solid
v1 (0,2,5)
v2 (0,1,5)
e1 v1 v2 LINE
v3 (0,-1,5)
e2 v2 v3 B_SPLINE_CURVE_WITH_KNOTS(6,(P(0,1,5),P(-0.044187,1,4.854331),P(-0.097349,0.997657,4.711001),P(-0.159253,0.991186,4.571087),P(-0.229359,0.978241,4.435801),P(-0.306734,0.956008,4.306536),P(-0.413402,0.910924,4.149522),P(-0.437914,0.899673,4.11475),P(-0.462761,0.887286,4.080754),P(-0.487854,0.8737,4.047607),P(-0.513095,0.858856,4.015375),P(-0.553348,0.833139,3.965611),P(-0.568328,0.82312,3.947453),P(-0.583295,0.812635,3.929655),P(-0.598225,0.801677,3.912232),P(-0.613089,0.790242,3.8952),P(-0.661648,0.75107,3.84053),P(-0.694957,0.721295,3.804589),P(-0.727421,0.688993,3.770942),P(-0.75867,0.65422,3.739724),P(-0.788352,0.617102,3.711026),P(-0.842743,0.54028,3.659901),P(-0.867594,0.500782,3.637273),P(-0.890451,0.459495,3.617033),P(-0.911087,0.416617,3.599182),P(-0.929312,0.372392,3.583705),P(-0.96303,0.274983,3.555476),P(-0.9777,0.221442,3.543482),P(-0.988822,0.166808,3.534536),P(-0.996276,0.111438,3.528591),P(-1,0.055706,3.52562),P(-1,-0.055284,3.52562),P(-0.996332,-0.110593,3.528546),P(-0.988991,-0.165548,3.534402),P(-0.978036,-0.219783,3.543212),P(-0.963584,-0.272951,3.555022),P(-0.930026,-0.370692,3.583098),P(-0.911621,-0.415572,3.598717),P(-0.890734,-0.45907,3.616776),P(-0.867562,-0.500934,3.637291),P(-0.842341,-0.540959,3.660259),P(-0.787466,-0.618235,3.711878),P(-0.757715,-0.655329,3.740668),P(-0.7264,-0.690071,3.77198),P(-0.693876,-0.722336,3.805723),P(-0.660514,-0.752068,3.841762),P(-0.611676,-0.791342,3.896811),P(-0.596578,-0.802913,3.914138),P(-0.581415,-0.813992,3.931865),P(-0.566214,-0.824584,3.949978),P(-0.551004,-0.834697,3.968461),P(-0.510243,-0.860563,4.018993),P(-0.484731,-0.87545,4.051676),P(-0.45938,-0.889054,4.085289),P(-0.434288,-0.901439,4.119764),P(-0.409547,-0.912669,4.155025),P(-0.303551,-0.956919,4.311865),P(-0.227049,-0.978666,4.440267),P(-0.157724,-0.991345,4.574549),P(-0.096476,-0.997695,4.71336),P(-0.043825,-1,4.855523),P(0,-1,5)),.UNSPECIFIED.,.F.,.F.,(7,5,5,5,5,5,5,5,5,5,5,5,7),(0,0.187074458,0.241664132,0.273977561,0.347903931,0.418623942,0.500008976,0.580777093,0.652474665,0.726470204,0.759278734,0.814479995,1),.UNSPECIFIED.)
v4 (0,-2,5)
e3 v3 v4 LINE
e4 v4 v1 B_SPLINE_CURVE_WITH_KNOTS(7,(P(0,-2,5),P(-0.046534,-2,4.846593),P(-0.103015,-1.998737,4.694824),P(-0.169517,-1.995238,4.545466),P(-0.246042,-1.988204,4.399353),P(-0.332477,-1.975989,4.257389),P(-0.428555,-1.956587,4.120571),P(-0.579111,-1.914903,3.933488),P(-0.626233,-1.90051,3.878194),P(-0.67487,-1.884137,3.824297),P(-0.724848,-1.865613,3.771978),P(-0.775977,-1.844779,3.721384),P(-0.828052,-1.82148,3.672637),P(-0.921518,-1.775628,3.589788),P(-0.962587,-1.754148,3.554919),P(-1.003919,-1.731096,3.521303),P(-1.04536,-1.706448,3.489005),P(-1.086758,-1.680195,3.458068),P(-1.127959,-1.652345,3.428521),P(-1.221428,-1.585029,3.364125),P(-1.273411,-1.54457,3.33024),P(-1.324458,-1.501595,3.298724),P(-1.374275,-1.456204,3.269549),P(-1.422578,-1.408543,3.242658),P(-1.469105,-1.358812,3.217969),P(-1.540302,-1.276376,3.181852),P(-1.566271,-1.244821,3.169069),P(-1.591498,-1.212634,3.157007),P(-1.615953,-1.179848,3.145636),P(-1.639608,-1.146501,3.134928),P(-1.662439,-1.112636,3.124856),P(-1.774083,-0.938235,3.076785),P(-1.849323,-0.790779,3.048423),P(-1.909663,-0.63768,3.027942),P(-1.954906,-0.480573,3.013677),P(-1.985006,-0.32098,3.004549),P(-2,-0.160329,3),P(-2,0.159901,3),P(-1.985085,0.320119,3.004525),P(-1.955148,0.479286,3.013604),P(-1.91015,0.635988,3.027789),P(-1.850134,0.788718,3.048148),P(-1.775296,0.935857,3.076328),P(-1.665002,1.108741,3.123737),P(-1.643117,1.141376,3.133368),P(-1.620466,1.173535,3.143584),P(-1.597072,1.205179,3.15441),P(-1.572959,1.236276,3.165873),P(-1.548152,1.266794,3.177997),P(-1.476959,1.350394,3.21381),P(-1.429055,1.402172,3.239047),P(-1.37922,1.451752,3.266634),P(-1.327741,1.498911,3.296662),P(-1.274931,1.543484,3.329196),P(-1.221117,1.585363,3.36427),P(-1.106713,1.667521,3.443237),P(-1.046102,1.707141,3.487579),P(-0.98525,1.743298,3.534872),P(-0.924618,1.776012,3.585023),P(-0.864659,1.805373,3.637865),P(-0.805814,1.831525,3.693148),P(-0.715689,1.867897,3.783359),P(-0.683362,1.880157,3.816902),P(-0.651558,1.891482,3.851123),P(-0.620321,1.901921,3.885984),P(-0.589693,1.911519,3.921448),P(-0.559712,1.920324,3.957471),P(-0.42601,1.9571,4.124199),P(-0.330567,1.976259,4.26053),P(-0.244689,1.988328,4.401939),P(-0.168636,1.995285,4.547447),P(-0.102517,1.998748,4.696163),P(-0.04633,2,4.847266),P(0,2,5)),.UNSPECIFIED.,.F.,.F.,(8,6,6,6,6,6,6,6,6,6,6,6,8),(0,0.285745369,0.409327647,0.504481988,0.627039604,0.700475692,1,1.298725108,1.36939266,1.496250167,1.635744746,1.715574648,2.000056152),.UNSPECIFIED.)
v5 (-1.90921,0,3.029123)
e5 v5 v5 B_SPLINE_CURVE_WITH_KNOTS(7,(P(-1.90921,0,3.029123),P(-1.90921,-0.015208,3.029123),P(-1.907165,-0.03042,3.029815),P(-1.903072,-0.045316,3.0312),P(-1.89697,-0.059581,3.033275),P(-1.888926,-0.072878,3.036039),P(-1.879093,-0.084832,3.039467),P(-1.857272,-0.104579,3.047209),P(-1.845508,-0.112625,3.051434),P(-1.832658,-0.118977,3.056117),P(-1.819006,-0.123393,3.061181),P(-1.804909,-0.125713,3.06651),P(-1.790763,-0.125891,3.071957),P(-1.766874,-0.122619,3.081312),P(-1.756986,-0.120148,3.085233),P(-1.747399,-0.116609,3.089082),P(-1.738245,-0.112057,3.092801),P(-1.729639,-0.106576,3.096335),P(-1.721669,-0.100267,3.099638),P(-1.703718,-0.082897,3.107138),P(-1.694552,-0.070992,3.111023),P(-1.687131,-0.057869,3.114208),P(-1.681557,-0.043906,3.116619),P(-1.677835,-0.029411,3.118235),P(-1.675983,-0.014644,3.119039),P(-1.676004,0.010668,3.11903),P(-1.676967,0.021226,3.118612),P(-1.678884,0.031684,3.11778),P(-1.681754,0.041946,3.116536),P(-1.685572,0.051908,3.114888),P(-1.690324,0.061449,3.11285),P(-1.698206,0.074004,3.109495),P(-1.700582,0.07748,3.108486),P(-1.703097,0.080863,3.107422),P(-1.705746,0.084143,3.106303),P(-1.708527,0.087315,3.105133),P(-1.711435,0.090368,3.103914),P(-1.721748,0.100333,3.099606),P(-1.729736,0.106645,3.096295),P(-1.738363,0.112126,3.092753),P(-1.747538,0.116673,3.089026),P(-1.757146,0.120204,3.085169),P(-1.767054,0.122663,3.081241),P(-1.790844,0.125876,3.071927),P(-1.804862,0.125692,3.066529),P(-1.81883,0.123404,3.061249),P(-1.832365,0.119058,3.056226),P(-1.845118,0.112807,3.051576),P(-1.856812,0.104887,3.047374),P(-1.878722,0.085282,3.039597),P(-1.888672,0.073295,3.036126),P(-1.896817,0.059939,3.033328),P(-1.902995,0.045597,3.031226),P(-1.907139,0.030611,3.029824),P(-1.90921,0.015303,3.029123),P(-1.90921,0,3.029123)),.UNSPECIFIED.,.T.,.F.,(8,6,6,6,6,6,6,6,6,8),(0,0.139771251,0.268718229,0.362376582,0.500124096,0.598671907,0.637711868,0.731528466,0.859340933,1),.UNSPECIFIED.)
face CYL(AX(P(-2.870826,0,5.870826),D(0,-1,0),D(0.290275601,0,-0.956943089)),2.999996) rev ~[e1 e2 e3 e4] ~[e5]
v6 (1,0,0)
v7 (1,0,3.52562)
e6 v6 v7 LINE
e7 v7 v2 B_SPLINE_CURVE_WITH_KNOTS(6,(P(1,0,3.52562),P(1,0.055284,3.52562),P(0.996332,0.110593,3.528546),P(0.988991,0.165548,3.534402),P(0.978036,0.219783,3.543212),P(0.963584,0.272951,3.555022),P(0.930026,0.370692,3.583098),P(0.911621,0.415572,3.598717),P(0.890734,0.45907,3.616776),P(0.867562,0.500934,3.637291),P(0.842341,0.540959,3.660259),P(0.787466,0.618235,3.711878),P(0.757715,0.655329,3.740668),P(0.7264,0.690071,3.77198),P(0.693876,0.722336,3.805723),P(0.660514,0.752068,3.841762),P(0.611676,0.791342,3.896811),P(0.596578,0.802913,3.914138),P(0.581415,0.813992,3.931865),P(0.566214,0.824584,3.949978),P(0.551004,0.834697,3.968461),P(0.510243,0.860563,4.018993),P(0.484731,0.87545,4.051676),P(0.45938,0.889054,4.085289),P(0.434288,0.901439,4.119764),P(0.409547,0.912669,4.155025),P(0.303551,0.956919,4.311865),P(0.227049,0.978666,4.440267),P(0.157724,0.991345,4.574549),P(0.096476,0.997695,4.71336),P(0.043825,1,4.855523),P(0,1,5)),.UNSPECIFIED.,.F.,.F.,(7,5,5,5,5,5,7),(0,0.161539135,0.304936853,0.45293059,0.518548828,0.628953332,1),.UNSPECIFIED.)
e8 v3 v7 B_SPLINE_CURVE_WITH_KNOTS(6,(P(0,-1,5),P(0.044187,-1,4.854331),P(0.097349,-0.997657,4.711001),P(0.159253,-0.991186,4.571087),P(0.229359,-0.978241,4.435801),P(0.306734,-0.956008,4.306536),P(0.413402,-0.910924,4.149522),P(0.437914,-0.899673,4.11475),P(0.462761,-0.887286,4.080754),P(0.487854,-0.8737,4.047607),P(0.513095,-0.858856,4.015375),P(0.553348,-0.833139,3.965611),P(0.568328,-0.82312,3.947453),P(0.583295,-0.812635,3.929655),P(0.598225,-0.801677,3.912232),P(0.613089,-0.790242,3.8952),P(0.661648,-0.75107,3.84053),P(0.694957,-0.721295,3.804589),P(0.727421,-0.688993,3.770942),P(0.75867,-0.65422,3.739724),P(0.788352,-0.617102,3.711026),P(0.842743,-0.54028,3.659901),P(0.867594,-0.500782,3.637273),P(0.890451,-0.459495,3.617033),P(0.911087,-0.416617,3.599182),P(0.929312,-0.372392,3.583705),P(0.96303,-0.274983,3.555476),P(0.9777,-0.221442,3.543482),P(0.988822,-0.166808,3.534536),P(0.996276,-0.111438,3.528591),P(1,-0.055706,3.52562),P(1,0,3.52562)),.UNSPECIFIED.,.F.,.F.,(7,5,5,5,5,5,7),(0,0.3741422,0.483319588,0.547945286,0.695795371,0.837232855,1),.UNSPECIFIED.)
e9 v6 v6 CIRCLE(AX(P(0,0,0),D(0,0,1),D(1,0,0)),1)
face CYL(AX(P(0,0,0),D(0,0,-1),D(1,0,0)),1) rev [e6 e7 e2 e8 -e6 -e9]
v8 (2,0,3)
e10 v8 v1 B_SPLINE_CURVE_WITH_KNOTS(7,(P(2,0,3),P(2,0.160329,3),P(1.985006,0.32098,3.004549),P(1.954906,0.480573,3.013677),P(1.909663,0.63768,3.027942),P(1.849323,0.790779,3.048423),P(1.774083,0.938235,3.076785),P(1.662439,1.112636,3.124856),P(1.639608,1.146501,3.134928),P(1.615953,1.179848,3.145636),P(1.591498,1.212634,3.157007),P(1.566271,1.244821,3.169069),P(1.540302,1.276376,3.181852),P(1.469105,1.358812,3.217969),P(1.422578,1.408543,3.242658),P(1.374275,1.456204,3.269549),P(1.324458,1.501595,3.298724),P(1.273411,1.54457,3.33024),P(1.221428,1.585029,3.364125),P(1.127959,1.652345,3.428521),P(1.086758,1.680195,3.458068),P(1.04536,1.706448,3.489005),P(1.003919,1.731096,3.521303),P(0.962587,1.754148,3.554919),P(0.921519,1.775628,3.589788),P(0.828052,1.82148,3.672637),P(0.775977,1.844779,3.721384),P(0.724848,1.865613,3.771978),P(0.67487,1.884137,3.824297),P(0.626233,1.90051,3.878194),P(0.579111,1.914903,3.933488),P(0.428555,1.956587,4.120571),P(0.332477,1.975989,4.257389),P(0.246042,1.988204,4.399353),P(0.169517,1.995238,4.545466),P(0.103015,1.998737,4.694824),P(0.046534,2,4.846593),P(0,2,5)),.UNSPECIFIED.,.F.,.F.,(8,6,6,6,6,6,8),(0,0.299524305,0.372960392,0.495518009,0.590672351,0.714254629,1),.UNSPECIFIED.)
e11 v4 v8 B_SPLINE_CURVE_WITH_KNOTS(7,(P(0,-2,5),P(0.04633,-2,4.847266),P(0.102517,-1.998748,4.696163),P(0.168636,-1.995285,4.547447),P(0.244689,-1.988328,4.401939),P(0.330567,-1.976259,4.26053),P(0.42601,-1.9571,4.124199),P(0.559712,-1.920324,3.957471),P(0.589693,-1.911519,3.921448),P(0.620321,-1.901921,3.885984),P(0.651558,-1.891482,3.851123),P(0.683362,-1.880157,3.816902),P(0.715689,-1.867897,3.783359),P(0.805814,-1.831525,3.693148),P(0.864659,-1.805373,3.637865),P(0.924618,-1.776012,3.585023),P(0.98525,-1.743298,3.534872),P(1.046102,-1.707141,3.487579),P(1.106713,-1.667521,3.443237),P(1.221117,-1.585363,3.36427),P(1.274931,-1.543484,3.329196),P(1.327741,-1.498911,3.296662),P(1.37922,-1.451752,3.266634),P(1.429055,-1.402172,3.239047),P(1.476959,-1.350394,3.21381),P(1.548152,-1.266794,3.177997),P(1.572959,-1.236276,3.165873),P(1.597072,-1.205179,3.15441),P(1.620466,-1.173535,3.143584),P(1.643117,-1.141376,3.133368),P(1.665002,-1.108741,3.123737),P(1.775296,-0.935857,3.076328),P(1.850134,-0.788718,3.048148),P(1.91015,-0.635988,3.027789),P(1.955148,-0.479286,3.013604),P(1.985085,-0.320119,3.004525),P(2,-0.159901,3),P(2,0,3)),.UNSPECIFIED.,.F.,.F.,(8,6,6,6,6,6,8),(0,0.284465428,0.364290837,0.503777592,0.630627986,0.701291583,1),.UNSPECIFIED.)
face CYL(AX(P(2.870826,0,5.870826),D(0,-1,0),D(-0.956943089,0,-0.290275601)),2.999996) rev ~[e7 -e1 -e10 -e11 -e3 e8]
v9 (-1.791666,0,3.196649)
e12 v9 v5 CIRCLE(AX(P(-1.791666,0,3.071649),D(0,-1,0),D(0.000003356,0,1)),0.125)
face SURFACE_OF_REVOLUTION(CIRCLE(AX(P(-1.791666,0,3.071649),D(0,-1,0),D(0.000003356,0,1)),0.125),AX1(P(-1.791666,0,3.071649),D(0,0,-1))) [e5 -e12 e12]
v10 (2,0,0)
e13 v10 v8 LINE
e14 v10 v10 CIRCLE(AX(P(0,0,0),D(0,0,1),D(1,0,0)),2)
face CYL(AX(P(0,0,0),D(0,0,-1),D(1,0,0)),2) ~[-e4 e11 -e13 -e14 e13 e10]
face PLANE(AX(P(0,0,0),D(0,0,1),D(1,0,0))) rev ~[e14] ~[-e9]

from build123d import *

# Parameters (mm, degrees)
F0_R     = 2
F0_R_2   = 1
F1_DEPTH = 5
F3_DEPTH = 12.5


with BuildPart() as f1:
    # F0 (on Top) → F1 (new body)
    with BuildSketch(Plane.XY):
        Circle(F0_R)
        Circle(F0_R_2, mode=Mode.SUBTRACT)
    extrude(amount=F1_DEPTH)

    # F2 (on Front) → F3 (cut, symmetric)
    with BuildSketch(Plane.XZ):
        with BuildLine():
            Line((-2, 5), (-2, 3))
            ThreePointArc((-2, 3), (-0.749508, 3.749508), (0, 5))
            Line((0, 5), (-2, 5))
        make_face()
        with BuildLine():
            Line((2, 5), (0, 5))
            ThreePointArc((0, 5), (0.749508, 3.749508), (2, 3))
            Line((2, 3), (2, 5))
        make_face()
    extrude(amount=F3_DEPTH, both=True, mode=Mode.SUBTRACT)

    # F4 (on Front) → F5 (revolve)
    with BuildSketch(Plane.XZ):
        with BuildLine():
            ThreePointArc((-1.90921, 3.029123), (-1.863462, 2.969324), (-1.791666, 2.946649))
            Line((-1.791666, 2.946649), (-1.791666, 3.196649))
            ThreePointArc((-1.791666, 3.196649), (-1.893991, 3.143445), (-1.90921, 3.029123))
        make_face()
    revolve(axis=Axis((-1.791666, 0, 3.071649), (0, 0, -1)))


solid = f1.part
